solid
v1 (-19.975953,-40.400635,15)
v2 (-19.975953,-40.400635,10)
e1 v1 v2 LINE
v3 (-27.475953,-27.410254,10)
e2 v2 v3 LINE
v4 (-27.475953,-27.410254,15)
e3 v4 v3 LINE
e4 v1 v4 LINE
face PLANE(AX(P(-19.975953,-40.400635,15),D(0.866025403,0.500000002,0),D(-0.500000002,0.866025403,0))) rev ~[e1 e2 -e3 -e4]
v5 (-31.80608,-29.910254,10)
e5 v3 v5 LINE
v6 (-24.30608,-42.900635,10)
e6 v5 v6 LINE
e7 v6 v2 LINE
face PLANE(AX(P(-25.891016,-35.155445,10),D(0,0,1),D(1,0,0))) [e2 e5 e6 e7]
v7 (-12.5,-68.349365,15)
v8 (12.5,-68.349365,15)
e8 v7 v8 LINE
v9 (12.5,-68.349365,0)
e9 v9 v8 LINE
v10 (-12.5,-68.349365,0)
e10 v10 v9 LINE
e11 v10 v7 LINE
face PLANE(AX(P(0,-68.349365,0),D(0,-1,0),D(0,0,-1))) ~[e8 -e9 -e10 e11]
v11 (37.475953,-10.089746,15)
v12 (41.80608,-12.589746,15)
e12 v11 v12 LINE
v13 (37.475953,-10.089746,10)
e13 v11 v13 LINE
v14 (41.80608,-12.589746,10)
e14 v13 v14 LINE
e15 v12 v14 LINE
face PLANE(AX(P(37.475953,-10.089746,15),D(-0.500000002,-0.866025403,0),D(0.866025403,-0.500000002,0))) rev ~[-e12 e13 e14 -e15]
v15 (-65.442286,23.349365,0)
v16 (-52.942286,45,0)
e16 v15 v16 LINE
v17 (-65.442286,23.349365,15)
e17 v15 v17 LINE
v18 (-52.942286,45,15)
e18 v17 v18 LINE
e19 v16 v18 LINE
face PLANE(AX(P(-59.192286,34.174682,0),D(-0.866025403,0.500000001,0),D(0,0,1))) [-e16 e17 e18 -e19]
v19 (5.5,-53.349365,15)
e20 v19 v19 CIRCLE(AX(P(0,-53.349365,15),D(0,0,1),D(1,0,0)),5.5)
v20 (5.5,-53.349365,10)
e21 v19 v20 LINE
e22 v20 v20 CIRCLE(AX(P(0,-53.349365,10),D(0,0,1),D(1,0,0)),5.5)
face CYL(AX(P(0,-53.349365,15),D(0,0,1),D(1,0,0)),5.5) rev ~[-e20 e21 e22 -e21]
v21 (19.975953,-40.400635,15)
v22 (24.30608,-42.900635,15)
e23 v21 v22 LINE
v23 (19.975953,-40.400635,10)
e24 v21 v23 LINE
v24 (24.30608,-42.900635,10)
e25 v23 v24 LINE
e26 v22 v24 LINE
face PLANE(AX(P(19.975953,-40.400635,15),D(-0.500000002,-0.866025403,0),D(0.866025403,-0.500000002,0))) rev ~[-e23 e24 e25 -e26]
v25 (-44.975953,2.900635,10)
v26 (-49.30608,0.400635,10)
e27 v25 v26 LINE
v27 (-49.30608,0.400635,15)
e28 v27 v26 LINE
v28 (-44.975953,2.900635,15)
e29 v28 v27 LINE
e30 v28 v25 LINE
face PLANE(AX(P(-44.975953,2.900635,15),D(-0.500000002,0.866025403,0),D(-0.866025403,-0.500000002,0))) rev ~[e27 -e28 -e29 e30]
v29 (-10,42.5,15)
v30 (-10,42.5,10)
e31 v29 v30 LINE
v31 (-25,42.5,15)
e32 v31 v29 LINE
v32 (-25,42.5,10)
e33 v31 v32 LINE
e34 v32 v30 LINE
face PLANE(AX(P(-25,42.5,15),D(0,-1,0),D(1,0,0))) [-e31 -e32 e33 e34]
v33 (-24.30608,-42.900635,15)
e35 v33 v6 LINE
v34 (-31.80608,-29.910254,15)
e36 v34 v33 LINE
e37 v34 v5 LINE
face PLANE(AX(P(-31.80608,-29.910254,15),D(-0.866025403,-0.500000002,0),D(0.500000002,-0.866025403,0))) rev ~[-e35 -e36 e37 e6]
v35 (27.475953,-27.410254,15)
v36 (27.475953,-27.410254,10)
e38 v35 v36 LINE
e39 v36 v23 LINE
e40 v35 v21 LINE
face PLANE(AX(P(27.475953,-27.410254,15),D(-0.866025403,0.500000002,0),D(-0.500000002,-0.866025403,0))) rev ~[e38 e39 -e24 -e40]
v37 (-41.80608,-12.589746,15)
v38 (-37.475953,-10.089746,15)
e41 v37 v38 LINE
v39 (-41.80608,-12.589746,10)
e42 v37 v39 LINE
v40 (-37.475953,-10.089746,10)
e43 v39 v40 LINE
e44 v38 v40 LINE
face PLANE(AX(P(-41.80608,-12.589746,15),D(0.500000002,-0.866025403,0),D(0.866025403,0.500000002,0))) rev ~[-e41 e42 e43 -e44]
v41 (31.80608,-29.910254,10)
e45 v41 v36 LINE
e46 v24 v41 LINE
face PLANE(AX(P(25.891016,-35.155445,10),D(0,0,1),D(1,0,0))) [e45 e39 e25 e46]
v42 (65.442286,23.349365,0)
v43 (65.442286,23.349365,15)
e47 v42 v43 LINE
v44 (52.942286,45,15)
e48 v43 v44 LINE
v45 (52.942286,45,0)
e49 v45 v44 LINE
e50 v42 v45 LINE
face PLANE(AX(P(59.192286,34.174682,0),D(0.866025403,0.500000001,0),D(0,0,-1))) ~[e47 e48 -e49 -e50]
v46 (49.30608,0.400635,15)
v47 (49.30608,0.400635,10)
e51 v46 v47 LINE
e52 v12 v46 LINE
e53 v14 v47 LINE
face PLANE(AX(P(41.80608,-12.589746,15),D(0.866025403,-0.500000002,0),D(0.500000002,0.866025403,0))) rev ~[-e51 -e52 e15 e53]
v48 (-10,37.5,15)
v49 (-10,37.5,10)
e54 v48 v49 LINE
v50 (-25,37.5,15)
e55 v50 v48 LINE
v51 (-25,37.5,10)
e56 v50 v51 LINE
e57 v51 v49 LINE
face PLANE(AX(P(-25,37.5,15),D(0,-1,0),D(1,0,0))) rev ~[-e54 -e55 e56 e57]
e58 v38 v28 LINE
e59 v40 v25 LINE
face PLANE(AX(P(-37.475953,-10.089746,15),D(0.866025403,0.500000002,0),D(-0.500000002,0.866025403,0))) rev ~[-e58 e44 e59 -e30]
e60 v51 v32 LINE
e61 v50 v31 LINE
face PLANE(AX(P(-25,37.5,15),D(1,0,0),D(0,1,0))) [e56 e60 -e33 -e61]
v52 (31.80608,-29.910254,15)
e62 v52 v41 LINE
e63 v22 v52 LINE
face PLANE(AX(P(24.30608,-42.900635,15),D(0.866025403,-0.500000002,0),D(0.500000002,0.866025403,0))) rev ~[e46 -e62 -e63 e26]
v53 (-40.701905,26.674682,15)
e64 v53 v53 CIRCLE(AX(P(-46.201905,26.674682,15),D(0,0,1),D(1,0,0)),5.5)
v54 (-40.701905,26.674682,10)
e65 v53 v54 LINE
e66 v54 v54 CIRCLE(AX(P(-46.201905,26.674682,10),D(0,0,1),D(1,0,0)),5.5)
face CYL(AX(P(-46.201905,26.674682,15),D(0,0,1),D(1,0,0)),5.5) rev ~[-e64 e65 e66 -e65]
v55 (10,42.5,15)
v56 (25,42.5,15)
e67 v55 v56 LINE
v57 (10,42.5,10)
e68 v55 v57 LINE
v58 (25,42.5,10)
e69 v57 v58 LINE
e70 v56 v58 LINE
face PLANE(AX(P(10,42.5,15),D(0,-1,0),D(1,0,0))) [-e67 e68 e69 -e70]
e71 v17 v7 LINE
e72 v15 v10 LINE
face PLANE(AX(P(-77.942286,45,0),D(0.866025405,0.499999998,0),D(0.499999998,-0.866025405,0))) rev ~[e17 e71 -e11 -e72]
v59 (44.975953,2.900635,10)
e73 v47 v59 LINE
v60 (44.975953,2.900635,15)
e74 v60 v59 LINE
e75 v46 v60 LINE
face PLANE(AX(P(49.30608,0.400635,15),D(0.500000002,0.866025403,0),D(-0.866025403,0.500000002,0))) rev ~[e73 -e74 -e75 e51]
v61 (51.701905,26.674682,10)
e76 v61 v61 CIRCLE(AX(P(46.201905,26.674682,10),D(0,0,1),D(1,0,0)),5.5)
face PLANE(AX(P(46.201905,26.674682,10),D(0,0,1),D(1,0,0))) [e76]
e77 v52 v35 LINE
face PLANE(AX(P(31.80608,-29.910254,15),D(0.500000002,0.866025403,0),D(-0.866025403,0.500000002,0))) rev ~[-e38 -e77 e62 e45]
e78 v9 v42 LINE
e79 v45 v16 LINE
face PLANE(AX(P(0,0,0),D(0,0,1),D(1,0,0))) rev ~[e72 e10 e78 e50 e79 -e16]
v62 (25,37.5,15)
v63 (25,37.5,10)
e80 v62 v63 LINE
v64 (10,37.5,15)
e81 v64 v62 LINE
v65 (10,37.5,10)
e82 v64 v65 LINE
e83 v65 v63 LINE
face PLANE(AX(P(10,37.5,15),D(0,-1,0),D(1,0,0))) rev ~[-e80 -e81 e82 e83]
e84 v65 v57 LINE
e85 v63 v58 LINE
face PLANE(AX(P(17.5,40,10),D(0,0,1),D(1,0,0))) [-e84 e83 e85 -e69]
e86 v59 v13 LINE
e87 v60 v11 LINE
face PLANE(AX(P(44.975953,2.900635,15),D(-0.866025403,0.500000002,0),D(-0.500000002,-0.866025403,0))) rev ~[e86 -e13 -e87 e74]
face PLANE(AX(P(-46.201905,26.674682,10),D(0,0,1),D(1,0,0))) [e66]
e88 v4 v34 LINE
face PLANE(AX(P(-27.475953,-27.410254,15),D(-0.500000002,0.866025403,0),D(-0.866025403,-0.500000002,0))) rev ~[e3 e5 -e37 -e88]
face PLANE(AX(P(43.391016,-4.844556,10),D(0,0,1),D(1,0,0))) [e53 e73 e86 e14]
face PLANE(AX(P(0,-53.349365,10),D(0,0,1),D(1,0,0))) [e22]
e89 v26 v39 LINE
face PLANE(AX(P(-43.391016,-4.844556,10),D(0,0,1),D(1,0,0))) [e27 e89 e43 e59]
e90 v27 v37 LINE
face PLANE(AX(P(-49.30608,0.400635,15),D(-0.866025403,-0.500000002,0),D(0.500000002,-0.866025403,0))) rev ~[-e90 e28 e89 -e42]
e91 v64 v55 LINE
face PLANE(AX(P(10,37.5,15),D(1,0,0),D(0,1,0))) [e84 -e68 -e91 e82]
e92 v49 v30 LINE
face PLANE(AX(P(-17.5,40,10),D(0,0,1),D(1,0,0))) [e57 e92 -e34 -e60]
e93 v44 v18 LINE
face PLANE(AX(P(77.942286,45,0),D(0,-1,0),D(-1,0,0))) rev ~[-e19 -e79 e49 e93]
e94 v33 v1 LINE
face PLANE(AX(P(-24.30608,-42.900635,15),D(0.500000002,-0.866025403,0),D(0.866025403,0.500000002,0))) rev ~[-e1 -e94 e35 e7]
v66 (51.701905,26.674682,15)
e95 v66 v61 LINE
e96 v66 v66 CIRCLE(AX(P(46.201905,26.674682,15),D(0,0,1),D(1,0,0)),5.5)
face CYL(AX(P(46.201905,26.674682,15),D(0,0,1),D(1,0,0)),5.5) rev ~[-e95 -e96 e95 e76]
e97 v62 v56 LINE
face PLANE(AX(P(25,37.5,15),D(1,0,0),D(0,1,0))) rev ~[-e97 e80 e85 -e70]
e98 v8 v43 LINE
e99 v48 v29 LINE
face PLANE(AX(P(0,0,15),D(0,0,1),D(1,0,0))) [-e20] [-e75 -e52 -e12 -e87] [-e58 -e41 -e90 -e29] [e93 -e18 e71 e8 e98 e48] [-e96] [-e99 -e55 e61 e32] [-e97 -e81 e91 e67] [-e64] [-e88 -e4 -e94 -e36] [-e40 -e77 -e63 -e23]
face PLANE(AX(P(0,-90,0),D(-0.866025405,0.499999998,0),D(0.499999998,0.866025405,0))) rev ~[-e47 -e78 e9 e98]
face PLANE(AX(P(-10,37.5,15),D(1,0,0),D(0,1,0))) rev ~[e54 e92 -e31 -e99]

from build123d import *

# Parameters (mm, degrees)
F1_DEPTH = 15
F2_SIZE  = 25
F3_W     = 15
F3_H     = 5
F4_DEPTH = 5
F5_R     = 5.5
F6_DEPTH = 5


with BuildPart() as f1:
    # F0 (on Top) → F1 (new body)
    with BuildSketch(Plane.XY):
        Polygon((-77.942286, 45), (0, -90), (77.942286, 45), align=None)
    extrude(amount=F1_DEPTH)

    # F2
    f2_edges = [f1.edges().sort_by_distance(p)[0] for p in [
        (0, -90, 7.5),
        (77.942286, 45, 7.5),
        (-77.942286, 45, 7.5),
    ]]
    chamfer(f2_edges, length=F2_SIZE)

    # F3 (on face) → F4 (cut)
    with BuildSketch(Plane.XY.offset(15)):
        with Locations((-17.5, 40)):
            Rectangle(F3_W, F3_H)
        with Locations((17.5, 40)):
            Rectangle(F3_W, F3_H)
        Polygon((41.80608, -12.589746), (49.30608, 0.400635), (44.975953, 2.900635), (37.475953, -10.089746), align=None)
        Polygon((31.80608, -29.910254), (27.475953, -27.410254), (19.975953, -40.400635), (24.30608, -42.900635), align=None)
        Polygon((-31.80608, -29.910254), (-24.30608, -42.900635), (-19.975953, -40.400635), (-27.475953, -27.410254), align=None)
        Polygon((-41.80608, -12.589746), (-37.475953, -10.089746), (-44.975953, 2.900635), (-49.30608, 0.400635), align=None)
    extrude(amount=-F4_DEPTH, mode=Mode.SUBTRACT)

    # F5 (on face) → F6 (cut)
    with BuildSketch(Plane.XY.offset(15)):
        with Locations((0, -53.349365)):
            Circle(F5_R)
        with Locations((-46.201905, 26.674682)):
            Circle(F5_R)
        with Locations((46.201905, 26.674682)):
            Circle(F5_R)
    extrude(amount=-F6_DEPTH, mode=Mode.SUBTRACT)


solid = f1.part
